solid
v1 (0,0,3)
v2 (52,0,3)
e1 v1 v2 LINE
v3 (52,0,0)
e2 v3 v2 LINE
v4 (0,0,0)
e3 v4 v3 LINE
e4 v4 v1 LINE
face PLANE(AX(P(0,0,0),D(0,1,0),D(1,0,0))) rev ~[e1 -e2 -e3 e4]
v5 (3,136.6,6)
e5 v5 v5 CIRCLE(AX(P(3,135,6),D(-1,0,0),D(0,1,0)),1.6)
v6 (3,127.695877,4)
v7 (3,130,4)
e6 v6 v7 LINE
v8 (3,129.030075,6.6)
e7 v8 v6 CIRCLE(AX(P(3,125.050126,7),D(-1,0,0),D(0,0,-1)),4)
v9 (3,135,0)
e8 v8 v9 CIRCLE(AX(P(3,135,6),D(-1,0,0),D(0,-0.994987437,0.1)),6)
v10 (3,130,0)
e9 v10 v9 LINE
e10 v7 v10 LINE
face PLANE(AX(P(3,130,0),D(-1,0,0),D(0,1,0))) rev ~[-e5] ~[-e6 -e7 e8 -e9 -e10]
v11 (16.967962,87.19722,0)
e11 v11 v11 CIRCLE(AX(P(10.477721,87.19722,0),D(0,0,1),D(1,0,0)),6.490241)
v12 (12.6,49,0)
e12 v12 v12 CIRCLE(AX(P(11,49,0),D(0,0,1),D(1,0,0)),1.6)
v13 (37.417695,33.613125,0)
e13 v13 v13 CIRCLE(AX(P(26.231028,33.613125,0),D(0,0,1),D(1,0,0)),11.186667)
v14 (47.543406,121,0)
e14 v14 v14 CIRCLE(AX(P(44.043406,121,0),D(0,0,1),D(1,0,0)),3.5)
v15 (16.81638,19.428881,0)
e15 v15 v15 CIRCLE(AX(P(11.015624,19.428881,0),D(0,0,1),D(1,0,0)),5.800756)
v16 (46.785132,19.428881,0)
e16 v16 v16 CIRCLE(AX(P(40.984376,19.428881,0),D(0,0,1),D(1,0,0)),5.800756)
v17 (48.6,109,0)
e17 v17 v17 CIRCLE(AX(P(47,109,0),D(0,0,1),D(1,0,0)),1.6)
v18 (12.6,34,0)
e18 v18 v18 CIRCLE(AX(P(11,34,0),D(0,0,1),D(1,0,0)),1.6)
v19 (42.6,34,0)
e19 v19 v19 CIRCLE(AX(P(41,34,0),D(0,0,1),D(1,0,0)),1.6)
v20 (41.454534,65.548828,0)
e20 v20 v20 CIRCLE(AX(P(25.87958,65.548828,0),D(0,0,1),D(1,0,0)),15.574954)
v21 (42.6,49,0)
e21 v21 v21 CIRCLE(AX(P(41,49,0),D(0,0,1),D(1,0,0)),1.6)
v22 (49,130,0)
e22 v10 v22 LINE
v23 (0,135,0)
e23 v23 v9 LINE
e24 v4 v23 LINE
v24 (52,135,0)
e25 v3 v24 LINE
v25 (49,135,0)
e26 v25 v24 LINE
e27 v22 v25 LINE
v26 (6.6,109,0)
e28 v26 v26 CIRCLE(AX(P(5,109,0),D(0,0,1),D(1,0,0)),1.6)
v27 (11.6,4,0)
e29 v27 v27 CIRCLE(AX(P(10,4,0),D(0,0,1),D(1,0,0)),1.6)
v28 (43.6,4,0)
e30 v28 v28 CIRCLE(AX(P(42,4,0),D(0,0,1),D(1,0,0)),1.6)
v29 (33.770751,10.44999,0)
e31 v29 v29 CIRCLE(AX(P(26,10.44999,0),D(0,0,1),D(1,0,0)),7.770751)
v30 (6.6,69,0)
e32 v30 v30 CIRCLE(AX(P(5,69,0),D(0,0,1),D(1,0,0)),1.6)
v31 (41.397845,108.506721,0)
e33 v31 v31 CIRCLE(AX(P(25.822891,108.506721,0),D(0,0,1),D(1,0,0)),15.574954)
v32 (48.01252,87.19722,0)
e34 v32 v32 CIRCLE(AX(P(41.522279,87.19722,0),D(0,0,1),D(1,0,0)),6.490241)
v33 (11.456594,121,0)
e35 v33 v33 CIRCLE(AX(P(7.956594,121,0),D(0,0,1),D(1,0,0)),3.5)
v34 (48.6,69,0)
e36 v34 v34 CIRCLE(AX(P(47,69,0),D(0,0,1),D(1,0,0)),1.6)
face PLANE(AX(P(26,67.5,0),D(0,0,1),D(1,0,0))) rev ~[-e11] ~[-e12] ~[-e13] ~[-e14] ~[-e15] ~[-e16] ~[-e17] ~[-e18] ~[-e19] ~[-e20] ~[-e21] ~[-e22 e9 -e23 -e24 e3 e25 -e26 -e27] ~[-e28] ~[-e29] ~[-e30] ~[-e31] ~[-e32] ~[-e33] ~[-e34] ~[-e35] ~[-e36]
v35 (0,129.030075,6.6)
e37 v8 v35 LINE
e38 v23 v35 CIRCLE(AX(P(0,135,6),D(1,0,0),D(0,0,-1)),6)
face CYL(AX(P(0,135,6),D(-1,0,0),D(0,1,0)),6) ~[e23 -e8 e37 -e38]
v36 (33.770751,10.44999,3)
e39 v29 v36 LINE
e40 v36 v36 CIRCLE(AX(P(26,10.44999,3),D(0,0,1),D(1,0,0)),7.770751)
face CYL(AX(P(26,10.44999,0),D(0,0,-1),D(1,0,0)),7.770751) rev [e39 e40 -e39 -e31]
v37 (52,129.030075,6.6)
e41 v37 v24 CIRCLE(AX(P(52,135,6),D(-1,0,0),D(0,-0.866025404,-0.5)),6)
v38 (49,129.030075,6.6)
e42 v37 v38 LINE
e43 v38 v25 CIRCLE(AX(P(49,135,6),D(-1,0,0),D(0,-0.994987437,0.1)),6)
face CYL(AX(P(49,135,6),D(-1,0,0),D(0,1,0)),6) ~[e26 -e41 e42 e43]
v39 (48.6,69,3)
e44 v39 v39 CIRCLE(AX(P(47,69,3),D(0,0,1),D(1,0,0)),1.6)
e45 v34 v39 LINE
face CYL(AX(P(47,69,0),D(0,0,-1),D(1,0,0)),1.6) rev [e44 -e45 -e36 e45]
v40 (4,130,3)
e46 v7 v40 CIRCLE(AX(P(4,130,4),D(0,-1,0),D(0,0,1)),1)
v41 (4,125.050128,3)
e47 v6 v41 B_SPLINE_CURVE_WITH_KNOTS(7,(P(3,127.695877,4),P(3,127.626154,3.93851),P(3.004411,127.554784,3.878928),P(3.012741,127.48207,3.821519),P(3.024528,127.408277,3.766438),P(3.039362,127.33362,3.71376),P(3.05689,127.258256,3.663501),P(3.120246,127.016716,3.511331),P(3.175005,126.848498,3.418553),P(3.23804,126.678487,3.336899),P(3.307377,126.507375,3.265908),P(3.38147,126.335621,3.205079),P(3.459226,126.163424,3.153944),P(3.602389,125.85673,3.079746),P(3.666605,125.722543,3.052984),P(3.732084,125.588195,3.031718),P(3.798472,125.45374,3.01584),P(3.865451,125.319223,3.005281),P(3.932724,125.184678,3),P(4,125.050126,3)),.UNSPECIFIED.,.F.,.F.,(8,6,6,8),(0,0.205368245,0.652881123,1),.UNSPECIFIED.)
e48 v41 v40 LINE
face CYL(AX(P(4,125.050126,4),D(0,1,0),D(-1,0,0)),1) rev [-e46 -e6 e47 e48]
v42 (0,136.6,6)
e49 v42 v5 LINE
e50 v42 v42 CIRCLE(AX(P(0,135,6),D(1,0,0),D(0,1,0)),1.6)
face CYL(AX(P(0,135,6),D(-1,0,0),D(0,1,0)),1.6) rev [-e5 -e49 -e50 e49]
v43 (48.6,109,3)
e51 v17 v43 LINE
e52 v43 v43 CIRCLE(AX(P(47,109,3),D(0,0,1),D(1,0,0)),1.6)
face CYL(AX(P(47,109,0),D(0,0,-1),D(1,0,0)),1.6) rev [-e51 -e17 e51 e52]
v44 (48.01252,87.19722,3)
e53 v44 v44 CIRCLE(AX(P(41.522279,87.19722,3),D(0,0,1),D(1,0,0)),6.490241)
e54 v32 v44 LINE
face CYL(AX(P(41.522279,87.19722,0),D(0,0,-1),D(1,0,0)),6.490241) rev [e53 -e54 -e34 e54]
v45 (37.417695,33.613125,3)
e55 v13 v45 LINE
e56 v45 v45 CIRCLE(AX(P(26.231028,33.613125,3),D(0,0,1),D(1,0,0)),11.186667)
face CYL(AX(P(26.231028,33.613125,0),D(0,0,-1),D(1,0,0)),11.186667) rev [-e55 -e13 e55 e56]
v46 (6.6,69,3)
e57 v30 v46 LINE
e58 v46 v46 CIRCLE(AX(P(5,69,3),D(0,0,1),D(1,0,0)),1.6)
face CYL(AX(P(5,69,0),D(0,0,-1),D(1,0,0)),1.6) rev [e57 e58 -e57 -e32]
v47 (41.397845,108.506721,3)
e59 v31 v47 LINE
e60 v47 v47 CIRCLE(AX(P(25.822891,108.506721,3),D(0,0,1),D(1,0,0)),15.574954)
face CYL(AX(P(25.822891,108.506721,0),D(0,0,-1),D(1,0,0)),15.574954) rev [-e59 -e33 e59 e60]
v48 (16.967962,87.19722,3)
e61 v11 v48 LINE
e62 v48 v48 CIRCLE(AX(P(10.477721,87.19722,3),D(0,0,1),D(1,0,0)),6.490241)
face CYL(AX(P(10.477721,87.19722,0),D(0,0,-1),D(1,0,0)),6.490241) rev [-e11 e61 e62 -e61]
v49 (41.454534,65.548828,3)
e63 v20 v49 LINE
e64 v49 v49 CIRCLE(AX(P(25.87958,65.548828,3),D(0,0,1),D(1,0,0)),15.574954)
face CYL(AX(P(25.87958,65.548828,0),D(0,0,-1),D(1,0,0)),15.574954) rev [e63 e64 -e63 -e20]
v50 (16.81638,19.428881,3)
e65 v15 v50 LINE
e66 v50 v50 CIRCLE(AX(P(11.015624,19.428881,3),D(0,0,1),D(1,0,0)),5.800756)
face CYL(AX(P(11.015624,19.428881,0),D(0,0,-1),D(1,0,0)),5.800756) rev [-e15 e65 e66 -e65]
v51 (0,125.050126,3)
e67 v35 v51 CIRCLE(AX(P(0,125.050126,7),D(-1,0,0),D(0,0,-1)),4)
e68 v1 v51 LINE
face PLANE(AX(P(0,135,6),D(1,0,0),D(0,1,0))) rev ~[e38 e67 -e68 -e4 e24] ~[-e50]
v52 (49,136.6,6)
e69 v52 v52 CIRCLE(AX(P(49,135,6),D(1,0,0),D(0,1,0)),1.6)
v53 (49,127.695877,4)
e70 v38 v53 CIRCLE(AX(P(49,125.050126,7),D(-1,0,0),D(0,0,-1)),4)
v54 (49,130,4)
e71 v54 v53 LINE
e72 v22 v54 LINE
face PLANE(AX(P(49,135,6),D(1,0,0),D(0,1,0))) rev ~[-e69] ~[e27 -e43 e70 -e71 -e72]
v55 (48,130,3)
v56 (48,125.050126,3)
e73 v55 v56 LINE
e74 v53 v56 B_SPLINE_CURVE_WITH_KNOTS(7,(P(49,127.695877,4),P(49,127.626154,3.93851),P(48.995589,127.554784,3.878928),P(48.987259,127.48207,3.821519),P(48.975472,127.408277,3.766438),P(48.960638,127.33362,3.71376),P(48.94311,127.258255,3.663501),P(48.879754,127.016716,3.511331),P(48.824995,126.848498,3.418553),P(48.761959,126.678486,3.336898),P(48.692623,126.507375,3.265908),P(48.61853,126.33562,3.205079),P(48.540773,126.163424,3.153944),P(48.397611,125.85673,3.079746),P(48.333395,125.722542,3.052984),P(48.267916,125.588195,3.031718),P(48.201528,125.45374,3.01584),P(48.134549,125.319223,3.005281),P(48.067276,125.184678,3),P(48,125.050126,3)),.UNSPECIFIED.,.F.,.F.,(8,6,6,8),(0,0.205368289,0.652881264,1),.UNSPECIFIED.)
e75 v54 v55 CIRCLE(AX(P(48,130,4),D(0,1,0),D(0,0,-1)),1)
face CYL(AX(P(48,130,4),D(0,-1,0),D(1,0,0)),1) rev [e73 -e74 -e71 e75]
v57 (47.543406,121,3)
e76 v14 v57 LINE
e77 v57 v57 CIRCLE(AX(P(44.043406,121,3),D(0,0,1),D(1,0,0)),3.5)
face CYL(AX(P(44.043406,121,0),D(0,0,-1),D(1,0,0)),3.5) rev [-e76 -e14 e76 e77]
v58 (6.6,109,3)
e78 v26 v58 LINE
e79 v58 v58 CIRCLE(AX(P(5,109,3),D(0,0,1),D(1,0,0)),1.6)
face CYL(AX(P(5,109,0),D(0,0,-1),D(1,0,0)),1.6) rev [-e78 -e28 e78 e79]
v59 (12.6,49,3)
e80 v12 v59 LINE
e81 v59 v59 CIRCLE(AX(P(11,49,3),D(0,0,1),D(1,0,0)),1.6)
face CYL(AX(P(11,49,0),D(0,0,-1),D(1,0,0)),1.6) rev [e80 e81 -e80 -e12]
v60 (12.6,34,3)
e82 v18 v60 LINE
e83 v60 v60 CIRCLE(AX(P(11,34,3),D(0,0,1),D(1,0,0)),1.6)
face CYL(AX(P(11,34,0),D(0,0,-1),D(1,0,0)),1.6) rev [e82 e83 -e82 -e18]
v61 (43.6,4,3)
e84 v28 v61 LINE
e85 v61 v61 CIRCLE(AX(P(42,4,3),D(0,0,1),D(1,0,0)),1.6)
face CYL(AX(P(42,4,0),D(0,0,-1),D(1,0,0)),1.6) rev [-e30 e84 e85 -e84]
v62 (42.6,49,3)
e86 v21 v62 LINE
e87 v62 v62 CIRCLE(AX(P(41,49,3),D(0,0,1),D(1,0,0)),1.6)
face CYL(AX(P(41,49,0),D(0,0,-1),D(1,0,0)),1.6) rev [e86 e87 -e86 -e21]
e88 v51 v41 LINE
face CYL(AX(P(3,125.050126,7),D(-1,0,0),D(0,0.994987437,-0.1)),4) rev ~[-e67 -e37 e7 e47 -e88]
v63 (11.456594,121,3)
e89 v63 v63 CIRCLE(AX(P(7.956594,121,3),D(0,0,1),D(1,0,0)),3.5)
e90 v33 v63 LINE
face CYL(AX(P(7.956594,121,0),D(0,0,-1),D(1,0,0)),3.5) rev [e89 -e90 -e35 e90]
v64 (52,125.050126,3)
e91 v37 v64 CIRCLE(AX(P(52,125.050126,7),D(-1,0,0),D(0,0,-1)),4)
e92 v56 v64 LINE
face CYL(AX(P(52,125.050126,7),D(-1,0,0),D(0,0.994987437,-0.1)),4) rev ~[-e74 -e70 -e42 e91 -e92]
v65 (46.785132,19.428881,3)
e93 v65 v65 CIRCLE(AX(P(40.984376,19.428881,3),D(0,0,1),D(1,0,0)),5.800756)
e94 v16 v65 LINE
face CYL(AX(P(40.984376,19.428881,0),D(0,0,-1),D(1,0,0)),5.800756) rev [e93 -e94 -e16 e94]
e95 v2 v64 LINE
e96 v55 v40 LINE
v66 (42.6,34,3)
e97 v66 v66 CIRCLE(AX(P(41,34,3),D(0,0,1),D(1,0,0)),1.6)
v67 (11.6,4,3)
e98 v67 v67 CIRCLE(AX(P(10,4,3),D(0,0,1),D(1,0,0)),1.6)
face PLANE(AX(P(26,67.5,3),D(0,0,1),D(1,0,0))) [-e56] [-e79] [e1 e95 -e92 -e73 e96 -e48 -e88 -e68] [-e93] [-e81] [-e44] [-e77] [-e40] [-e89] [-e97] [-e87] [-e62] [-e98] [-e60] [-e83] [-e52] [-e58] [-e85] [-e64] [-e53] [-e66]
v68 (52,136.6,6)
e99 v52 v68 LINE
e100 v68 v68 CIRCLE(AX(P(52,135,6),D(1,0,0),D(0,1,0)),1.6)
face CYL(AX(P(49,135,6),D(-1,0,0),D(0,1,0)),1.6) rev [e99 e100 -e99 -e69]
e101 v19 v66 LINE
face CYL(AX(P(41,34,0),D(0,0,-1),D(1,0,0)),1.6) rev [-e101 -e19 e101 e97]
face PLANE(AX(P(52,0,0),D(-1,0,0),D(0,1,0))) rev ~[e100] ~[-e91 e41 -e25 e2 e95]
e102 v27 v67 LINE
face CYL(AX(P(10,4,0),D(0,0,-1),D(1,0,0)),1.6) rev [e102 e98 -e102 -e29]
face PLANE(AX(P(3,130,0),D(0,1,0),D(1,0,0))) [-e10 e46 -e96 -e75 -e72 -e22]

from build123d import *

# Parameters (mm, degrees)
SKETCH003_W   = 46
SKETCH003_H   = 10
PAD003_DEPTH  = 5
SKETCH001_R   = 6
SKETCH001_R_2 = 1.6
PAD001_DEPTH  = 3
SKETCH_W      = 52
SKETCH_H      = 135
SKETCH_R      = 1.6
SKETCH_R_2    = 15.574954
SKETCH_R_3    = 11.186667
SKETCH_R_4    = 6.490241
SKETCH_R_5    = 3.5
SKETCH_R_6    = 7.770751
SKETCH_R_7    = 5.800756
PAD_DEPTH     = 3
SKETCH002_R   = 6
SKETCH002_R_2 = 1.6
PAD002_DEPTH  = 3
FILLET_R      = 4
FILLET001_R   = 4
FILLET002_R   = 1
FILLET003_R   = 1


with BuildPart() as pad003:
    # Sketch003 → Pad003 (new body)
    with BuildSketch(Plane.XY):
        with Locations((26, 135)):
            Rectangle(SKETCH003_W, SKETCH003_H)
    extrude(amount=PAD003_DEPTH)


with BuildPart() as pad001:
    # Sketch001 → Pad001 (new body)
    with BuildSketch(Plane(origin=(0, 135, 0), x_dir=(0, 1, 0), z_dir=(1, 0, 0))):
        with Locations((0, 6)):
            Circle(SKETCH001_R)
        with Locations((0, 6)):
            Circle(SKETCH001_R_2, mode=Mode.SUBTRACT)
    extrude(amount=PAD001_DEPTH)


with BuildPart() as fusion:
    # Sketch → Pad (new body)
    with BuildSketch(Plane.XY):
        with Locations((26, 67.5)):
            Rectangle(SKETCH_W, SKETCH_H)
        with Locations((10, 4)):
            Circle(SKETCH_R, mode=Mode.SUBTRACT)
        with Locations((42, 4)):
            Circle(SKETCH_R, mode=Mode.SUBTRACT)
        with Locations((11, 34)):
            Circle(SKETCH_R, mode=Mode.SUBTRACT)
        with Locations((41, 34)):
            Circle(SKETCH_R, mode=Mode.SUBTRACT)
        with Locations((11, 49)):
            Circle(SKETCH_R, mode=Mode.SUBTRACT)
        with Locations((41, 49)):
            Circle(SKETCH_R, mode=Mode.SUBTRACT)
        with Locations((5, 69)):
            Circle(SKETCH_R, mode=Mode.SUBTRACT)
        with Locations((47, 69)):
            Circle(SKETCH_R, mode=Mode.SUBTRACT)
        with Locations((5, 109)):
            Circle(SKETCH_R, mode=Mode.SUBTRACT)
        with Locations((47, 109)):
            Circle(SKETCH_R, mode=Mode.SUBTRACT)
        with Locations((25.822891, 108.506721)):
            Circle(SKETCH_R_2, mode=Mode.SUBTRACT)
        with Locations((25.87958, 65.548828)):
            Circle(SKETCH_R_2, mode=Mode.SUBTRACT)
        with Locations((26.231028, 33.613125)):
            Circle(SKETCH_R_3, mode=Mode.SUBTRACT)
        with Locations((10.477721, 87.19722)):
            Circle(SKETCH_R_4, mode=Mode.SUBTRACT)
        with Locations((41.522279, 87.19722)):
            Circle(SKETCH_R_4, mode=Mode.SUBTRACT)
        with Locations((7.956594, 121)):
            Circle(SKETCH_R_5, mode=Mode.SUBTRACT)
        with Locations((44.043406, 121)):
            Circle(SKETCH_R_5, mode=Mode.SUBTRACT)
        with Locations((26, 10.44999)):
            Circle(SKETCH_R_6, mode=Mode.SUBTRACT)
        with Locations((11.015624, 19.428881)):
            Circle(SKETCH_R_7, mode=Mode.SUBTRACT)
        with Locations((40.984376, 19.428881)):
            Circle(SKETCH_R_7, mode=Mode.SUBTRACT)
    extrude(amount=PAD_DEPTH)

    # Fusion: union Pad001
    add(pad001.part)


with BuildPart() as fillet003:
    # Sketch002 → Pad002 (new body)
    with BuildSketch(Plane(origin=(49, 135, 0), x_dir=(0, 1, 0), z_dir=(1, 0, 0))):
        with Locations((0, 6)):
            Circle(SKETCH002_R)
        with Locations((0, 6)):
            Circle(SKETCH002_R_2, mode=Mode.SUBTRACT)
    extrude(amount=PAD002_DEPTH)

    # Fusion001: union Fusion
    add(fusion.part)

    # Fillet
    fillet_edges = [fillet003.edges().sort_by_distance(p)[0] for p in [
        (1.5, 129.803848, 3),
    ]]
    fillet(fillet_edges, radius=FILLET_R)

    # Fillet001
    fillet001_edges = [fillet003.edges().sort_by_distance(p)[0] for p in [
        (50.5, 129.803848, 3),
    ]]
    fillet(fillet001_edges, radius=FILLET001_R)

    # Cut: cut Pad003
    add(pad003.part, mode=Mode.SUBTRACT)

    # Fillet002
    fillet002_edges = [fillet003.edges().sort_by_distance(p)[0] for p in [
        (3, 127.426987, 3),
    ]]
    fillet(fillet002_edges, radius=FILLET002_R)

    # Fillet003
    fillet003_edges = [fillet003.edges().sort_by_distance(p)[0] for p in [
        (49, 127.426987, 3),
    ]]
    fillet(fillet003_edges, radius=FILLET003_R)


solid = fillet003.part
